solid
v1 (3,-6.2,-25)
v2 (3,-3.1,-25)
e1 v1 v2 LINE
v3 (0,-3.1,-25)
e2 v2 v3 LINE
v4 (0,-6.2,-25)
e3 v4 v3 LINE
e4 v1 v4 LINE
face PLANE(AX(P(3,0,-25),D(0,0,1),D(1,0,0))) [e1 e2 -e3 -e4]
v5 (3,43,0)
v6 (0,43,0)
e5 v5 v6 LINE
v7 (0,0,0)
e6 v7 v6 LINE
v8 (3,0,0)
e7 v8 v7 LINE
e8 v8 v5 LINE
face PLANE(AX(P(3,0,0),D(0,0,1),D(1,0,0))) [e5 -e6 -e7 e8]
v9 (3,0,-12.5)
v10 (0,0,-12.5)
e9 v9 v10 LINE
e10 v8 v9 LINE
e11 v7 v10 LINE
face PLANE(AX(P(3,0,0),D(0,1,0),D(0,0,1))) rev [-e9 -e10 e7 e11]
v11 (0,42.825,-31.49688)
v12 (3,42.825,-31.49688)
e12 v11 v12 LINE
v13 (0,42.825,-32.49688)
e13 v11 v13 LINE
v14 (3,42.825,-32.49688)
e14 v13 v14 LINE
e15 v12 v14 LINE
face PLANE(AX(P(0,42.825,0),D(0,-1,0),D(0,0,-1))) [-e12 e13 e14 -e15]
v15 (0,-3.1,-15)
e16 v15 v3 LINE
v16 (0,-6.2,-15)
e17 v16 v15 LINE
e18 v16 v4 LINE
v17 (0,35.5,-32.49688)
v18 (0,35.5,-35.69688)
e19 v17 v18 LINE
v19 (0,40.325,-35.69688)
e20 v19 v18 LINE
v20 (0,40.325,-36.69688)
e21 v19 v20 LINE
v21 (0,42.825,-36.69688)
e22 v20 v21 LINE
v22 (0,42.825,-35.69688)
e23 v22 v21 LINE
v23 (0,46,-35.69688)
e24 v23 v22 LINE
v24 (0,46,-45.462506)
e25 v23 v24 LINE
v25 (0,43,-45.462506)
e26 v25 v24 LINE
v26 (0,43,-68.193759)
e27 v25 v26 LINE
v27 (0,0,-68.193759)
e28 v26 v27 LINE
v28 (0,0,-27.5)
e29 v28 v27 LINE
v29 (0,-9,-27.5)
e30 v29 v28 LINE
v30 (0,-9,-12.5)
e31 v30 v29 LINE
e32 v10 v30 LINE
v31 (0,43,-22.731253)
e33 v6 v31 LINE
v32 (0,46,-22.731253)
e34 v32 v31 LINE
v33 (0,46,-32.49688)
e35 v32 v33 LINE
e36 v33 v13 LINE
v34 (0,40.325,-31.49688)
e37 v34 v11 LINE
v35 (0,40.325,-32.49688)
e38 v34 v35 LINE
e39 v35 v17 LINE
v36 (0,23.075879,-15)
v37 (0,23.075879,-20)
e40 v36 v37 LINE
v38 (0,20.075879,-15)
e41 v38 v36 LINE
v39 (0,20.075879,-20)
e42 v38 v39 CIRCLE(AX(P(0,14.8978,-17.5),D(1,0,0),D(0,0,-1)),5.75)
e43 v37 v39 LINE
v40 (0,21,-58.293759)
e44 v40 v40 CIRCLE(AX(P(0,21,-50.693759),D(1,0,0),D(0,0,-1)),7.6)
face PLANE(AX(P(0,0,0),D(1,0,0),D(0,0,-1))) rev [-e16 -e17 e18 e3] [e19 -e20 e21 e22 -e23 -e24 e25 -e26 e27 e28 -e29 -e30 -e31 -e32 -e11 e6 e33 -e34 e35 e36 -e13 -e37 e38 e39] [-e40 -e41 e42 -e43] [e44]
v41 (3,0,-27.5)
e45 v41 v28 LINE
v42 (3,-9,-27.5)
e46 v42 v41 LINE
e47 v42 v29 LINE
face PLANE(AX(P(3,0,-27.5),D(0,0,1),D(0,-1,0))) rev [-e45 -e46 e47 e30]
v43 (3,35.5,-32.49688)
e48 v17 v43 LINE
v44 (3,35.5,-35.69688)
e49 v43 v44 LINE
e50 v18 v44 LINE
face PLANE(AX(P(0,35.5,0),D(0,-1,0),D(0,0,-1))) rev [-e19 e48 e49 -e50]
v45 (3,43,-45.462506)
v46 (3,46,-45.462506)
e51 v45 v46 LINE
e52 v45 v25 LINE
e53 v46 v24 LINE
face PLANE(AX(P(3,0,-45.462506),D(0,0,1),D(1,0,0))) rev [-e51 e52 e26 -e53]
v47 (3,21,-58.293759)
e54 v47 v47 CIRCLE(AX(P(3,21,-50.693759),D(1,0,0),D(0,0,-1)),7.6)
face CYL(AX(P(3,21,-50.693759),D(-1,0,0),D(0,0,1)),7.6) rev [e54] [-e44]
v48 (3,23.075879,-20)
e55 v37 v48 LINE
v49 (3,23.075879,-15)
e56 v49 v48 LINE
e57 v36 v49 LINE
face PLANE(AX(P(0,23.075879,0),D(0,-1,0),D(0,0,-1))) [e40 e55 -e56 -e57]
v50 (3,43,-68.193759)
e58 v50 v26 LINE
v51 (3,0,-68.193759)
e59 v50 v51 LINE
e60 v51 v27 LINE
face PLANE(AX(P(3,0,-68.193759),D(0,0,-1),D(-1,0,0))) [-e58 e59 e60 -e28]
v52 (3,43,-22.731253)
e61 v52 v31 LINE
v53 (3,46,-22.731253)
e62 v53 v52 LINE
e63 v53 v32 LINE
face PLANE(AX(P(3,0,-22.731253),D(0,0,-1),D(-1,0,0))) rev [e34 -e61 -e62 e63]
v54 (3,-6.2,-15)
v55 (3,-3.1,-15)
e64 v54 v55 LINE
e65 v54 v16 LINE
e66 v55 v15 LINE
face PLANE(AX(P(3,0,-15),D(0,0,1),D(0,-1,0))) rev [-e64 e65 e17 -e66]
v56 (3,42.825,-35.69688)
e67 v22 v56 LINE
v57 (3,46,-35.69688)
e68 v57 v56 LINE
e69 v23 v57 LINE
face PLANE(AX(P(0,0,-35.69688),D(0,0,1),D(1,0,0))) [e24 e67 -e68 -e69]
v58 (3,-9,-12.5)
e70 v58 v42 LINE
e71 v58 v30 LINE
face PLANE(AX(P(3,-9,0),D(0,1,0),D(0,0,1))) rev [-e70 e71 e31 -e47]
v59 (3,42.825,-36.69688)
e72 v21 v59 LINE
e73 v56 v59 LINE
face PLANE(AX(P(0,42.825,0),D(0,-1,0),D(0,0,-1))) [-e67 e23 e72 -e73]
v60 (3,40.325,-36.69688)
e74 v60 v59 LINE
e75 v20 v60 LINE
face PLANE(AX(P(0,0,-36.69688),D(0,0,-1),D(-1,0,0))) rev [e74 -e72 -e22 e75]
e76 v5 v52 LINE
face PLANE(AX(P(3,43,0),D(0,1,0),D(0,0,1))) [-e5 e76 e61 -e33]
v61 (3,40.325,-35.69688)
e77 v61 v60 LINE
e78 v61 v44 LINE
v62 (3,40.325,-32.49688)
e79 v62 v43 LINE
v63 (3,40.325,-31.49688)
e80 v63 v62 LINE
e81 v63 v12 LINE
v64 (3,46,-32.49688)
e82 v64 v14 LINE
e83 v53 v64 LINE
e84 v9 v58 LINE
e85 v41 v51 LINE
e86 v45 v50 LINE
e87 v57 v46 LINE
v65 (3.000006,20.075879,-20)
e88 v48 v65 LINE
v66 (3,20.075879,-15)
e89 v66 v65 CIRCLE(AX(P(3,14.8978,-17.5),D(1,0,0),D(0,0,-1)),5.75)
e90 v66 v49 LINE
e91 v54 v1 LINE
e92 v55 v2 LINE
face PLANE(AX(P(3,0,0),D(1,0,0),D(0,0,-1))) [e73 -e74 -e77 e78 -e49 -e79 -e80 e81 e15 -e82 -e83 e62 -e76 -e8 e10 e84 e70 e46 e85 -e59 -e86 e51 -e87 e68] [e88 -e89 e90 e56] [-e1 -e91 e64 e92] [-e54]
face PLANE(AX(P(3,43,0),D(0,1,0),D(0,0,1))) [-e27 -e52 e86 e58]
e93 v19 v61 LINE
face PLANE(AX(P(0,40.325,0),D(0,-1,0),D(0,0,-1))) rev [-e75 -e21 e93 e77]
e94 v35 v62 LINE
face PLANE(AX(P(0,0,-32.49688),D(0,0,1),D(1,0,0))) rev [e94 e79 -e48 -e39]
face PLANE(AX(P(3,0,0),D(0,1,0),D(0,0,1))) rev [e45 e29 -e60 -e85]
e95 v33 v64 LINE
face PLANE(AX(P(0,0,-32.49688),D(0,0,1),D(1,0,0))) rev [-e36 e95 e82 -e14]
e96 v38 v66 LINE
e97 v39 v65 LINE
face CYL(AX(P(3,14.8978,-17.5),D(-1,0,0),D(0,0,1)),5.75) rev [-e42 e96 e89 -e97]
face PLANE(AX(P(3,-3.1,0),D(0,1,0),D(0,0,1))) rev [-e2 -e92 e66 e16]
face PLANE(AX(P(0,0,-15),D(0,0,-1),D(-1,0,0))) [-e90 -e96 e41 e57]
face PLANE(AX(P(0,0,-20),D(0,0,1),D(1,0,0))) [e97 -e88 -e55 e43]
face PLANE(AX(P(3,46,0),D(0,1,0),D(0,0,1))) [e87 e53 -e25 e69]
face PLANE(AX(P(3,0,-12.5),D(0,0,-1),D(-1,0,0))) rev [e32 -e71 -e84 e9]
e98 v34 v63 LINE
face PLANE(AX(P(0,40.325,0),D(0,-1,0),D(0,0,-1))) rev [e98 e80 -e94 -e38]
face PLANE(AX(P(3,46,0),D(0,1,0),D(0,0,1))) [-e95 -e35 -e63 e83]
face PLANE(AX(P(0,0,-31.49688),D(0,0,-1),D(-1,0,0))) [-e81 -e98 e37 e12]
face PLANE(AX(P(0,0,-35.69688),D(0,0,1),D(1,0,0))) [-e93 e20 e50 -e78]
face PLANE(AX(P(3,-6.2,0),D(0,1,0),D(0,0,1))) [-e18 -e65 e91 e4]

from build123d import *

# Parameters (mm, degrees)
SKETCH1_W               = 10
SKETCH1_H               = 3.1
SKETCH1_R               = 5.75
SKETCH1_R_2             = 7.6
BOSS_EXTRUDE1_DEPTH     = 3
SKETCH2_W               = 5.2
SKETCH2_H               = 2.5
SKETCH2_W_2             = 3.2
SKETCH2_H_2             = 10.5
CUT_EXTRUDE1_DEPTH      = 1
CUT_EXTRUDE1_DEPTH_BACK = 4


with BuildPart() as part:
    # Sketch1 → Boss-Extrude1 (new body)
    with BuildSketch(Plane(origin=(0, 0, 0), x_dir=(0, 0, -1), z_dir=(1, 0, 0))):
        Polygon((0, 43), (0, 0), (12.5, 0), (12.5, -9), (27.5, -9), (27.5, 0), (68.19375928, 0), (68.19375928, 43), (45.462506187, 43), (45.462506187, 46), (22.731253093, 46), (22.731253093, 43), align=None)
        with Locations((20, -4.65)):
            Rectangle(SKETCH1_W, SKETCH1_H, mode=Mode.SUBTRACT)
        with Locations((17.5, 14.8978)):
            Circle(SKETCH1_R, mode=Mode.SUBTRACT)
        with Locations((50.69375928, 21)):
            Circle(SKETCH1_R_2, mode=Mode.SUBTRACT)
    extrude(amount=BOSS_EXTRUDE1_DEPTH)

    # Sketch2 → Cut-Extrude1 (cut, two sides)
    with BuildSketch(Plane(origin=(3, 0, 0), x_dir=(0, 0, -1), z_dir=(1, 0, 0))) as cut_extrude1_sk:
        with BuildLine():
            Line((15, 20.075878794), (15, 23.075878794))
            Line((15, 23.075878794), (20, 23.075878794))
            Line((20, 23.075878794), (20, 20.075878794))
            ThreePointArc((20, 20.075878794), (17.5, 20.6478), (15, 20.075878794))
        make_face()
        with Locations((34.09687964, 41.575)):
            Rectangle(SKETCH2_W, SKETCH2_H)
        with Locations((34.09687964, 40.75)):
            Rectangle(SKETCH2_W_2, SKETCH2_H_2)
    extrude(amount=CUT_EXTRUDE1_DEPTH, mode=Mode.SUBTRACT)
    extrude(cut_extrude1_sk.sketch, amount=-CUT_EXTRUDE1_DEPTH_BACK, mode=Mode.SUBTRACT)


solid = part.part
